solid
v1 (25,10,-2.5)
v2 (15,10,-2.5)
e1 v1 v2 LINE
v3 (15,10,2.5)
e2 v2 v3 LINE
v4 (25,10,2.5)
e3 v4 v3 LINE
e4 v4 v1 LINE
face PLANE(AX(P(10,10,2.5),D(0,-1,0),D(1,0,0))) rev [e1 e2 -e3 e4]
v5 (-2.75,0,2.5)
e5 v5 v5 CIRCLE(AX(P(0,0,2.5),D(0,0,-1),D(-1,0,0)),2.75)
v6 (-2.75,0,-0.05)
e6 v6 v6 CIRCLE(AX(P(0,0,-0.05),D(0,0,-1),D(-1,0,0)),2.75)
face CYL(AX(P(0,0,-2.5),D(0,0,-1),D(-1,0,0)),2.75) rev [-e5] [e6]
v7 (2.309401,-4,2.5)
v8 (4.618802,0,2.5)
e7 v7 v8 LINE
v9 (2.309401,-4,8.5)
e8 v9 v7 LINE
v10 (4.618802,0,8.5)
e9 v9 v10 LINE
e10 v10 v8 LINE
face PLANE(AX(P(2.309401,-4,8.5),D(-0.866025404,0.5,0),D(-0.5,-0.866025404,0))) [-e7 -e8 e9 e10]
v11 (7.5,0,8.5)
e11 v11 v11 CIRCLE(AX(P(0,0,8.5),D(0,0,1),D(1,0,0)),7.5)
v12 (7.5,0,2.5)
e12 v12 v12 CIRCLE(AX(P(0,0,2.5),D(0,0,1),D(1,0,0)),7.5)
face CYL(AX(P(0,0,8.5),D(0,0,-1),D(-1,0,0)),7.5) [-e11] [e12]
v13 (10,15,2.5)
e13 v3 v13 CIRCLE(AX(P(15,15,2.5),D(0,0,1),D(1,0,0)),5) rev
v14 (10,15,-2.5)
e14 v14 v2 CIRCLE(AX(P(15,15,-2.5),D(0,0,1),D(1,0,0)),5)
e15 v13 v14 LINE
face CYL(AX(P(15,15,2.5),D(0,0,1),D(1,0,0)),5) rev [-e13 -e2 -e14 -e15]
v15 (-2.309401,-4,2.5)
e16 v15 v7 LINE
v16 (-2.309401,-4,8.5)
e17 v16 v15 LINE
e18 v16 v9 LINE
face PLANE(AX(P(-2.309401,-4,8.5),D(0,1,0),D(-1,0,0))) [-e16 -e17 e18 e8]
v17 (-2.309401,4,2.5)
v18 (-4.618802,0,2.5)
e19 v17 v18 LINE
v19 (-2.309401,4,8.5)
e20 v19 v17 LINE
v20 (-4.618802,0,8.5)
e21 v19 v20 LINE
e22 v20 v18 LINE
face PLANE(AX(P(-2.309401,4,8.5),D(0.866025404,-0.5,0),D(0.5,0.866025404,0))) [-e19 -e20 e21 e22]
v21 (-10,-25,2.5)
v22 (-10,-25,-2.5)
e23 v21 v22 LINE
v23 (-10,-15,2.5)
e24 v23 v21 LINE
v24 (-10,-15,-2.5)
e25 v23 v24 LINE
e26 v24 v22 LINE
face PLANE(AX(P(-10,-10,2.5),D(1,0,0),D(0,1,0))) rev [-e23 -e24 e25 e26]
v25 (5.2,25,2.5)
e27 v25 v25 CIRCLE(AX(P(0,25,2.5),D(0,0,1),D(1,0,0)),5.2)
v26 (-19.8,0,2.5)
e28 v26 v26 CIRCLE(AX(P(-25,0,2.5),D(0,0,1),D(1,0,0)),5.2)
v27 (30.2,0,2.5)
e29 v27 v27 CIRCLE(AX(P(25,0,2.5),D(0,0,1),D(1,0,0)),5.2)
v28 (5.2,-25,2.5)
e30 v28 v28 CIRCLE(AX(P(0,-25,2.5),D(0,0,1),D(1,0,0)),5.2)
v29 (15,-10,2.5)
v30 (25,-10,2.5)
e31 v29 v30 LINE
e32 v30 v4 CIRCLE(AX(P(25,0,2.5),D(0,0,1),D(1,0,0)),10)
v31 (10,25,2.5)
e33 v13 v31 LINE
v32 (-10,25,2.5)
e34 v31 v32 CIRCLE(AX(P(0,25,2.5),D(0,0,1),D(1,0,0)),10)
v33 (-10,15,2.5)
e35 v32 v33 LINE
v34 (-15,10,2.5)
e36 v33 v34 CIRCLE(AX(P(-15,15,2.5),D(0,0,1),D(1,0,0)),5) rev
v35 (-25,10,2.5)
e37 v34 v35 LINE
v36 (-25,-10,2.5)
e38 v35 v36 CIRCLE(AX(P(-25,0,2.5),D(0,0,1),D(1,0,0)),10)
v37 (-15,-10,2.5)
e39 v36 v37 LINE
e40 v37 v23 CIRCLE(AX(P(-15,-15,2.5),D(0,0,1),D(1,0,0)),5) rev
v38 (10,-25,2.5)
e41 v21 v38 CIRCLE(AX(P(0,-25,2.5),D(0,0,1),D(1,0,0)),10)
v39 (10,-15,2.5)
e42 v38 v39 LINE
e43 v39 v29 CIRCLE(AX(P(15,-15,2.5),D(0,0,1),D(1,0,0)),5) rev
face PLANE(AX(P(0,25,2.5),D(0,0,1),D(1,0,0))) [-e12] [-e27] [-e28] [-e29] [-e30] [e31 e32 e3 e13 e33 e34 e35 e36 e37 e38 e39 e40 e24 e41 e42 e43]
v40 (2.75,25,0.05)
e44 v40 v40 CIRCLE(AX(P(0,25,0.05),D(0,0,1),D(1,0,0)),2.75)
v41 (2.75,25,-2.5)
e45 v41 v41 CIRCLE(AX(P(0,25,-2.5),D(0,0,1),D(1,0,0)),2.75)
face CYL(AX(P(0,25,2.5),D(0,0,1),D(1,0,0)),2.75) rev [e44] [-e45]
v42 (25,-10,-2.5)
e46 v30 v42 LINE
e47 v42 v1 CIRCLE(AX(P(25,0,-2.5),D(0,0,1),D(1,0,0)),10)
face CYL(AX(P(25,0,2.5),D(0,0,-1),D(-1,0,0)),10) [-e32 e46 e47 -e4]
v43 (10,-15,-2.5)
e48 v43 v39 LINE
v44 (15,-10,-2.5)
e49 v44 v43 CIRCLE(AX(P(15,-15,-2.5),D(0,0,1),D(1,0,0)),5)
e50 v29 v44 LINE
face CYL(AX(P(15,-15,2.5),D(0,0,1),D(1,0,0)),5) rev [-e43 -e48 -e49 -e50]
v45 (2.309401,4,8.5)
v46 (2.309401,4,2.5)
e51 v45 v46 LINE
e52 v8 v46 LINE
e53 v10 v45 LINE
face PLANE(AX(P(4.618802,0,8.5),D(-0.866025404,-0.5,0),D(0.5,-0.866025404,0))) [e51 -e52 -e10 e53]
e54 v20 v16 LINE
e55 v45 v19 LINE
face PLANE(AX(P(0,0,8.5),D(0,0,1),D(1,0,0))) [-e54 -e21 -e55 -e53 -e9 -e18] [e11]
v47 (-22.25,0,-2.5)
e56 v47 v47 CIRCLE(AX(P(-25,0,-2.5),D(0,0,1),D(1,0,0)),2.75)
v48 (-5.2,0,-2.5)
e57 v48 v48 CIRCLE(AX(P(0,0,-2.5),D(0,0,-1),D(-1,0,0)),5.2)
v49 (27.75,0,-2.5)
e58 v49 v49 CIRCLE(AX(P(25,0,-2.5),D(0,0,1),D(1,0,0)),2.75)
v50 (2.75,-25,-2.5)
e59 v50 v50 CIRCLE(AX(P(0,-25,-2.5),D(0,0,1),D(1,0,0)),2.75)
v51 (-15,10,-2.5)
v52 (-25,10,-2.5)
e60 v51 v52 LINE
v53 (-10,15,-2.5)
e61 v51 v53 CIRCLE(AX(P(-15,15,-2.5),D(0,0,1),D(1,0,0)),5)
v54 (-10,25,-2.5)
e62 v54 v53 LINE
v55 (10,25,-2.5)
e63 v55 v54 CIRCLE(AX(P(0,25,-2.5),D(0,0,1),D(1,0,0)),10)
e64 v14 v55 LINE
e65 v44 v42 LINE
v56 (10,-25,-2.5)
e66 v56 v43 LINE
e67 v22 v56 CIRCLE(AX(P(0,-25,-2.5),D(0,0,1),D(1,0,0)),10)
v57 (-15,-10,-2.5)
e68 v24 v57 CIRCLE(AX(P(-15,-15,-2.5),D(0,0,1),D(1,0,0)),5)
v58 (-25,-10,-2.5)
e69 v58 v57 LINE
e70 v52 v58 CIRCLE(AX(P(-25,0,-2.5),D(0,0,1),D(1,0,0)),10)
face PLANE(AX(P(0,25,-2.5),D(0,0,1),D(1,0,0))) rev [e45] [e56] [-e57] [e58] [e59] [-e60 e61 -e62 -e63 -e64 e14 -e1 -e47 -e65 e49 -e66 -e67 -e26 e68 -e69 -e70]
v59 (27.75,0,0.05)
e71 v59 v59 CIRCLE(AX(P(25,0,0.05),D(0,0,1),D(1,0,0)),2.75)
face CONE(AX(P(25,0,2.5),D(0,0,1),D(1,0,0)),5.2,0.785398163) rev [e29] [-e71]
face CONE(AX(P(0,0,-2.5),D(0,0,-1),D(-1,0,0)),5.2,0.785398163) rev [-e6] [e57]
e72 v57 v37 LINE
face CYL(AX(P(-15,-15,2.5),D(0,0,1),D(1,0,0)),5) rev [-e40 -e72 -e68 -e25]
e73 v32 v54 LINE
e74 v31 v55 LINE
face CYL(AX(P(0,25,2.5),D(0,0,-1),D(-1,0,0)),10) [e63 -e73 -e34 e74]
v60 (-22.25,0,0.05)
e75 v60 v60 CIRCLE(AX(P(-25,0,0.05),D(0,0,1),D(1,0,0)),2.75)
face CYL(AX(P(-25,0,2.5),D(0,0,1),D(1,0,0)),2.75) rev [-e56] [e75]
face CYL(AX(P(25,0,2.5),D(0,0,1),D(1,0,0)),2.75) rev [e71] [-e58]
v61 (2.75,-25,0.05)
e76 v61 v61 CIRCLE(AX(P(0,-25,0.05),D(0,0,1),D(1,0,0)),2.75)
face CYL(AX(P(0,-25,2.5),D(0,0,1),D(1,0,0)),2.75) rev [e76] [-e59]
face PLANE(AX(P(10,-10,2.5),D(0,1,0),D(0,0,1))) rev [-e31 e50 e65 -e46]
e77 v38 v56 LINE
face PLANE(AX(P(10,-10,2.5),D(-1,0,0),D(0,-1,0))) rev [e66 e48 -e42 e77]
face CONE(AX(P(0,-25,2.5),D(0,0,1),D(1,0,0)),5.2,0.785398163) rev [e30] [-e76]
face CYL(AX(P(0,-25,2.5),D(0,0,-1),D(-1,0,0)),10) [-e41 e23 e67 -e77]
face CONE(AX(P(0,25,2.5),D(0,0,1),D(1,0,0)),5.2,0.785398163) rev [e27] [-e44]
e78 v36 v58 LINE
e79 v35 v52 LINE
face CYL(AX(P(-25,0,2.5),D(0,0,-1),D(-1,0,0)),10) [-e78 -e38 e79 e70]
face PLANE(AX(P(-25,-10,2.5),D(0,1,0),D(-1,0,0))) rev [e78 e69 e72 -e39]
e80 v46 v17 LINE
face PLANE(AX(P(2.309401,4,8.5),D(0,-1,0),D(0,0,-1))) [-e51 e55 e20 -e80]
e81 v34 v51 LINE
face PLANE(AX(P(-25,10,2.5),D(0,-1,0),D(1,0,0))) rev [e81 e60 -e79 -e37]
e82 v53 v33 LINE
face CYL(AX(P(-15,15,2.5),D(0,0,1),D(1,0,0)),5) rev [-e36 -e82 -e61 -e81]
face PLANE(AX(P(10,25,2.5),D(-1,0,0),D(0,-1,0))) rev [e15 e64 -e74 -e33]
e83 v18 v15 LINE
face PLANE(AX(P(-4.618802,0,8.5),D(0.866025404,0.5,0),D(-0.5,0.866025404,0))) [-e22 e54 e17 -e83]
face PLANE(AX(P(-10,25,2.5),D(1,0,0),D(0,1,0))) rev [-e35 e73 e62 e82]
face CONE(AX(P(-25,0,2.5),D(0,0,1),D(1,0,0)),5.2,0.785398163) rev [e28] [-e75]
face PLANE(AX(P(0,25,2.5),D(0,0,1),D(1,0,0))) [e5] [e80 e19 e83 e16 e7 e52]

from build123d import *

# Parameters (mm, degrees)
EXTRUDE_1_DEPTH             = 2.5
HOLE_WIZARD_M5_1_AT_2_COUNT = 2
HOLE_WIZARD_M5_1_AT_2_PITCH = 50
HOLE_WIZARD_M5_1_AT_3_COUNT = 2
HOLE_WIZARD_M5_1_AT_3_PITCH = 35.355339059
HOLE_WIZARD_M5_1_AT_4_COUNT = 2
HOLE_WIZARD_M5_1_AT_4_PITCH = 35.355339059
FILLET_1_R                  = 5
SKETCH_14_R                 = 7.5
EXTRUDE_2_DEPTH             = 6


with BuildPart() as part:
    # 草圖1 → 填料-伸長1 (new, symmetric)
    with BuildSketch(Plane.XY):
        with BuildLine():
            Line((10, 25), (10, 10))
            Line((10, 10), (25, 10))
            ThreePointArc((25, 10), (35, 0), (25, -10))
            Line((25, -10), (10, -10))
            Line((10, -10), (10, -25))
            ThreePointArc((10, -25), (0, -35), (-10, -25))
            Line((-10, -25), (-10, -10))
            Line((-10, -10), (-25, -10))
            ThreePointArc((-25, -10), (-35, 0), (-25, 10))
            Line((-25, 10), (-10, 10))
            Line((-10, 10), (-10, 25))
            ThreePointArc((-10, 25), (0, 35), (10, 25))
        make_face()
    extrude(amount=EXTRUDE_1_DEPTH, both=True)

    # 草圖6 → M5 錐坑平頭螺釘的錐孔1 (revolve, cut)
    with BuildSketch(Plane(origin=(0, 25, 2.5), x_dir=(0, -1, 0), z_dir=(1, 0, 0))):
        Polygon((0, 0), (0, 5), (2.75, 5), (2.75, 2.45), (5.2, 0), align=None)
    hole_wizard_m5_1 = revolve(axis=Axis((0, 25, 8.85), (0, 0, -1)), mode=Mode.SUBTRACT)

    # M5 錐坑平頭螺釘的錐孔1 at 2: M5 錐坑平頭螺釘的錐孔1 ×2
    with Locations(*[(0, -i * HOLE_WIZARD_M5_1_AT_2_PITCH, 0) for i in range(1, HOLE_WIZARD_M5_1_AT_2_COUNT)]):
        add(hole_wizard_m5_1, mode=Mode.SUBTRACT)

    # M5 錐坑平頭螺釘的錐孔1 at 3: M5 錐坑平頭螺釘的錐孔1 ×2
    with Locations(*[Vector(0.7071067811865479, -0.7071067811865472, 0) * (i * HOLE_WIZARD_M5_1_AT_3_PITCH) for i in range(1, HOLE_WIZARD_M5_1_AT_3_COUNT)]):
        add(hole_wizard_m5_1, mode=Mode.SUBTRACT)

    # M5 錐坑平頭螺釘的錐孔1 at 4: M5 錐坑平頭螺釘的錐孔1 ×2
    with Locations(*[Vector(-0.7071067811865476, -0.7071067811865476, 0) * (i * HOLE_WIZARD_M5_1_AT_4_PITCH) for i in range(1, HOLE_WIZARD_M5_1_AT_4_COUNT)]):
        add(hole_wizard_m5_1, mode=Mode.SUBTRACT)

    # 圓角1
    fillet_1_edges = [part.edges().sort_by_distance(p)[0] for p in [
        (10, 10, 0),
        (10, -10, 0),
        (-10, -10, 0),
        (-10, 10, 0),
    ]]
    fillet(fillet_1_edges, radius=FILLET_1_R)

    # 草圖13 → M5 錐坑平頭螺釘的錐孔3 (revolve, cut)
    with BuildSketch(Plane(origin=(0, 0, -2.5), x_dir=(0, 1, 0), z_dir=(1, 0, 0))):
        Polygon((0, 0), (0, 5), (2.75, 5), (2.75, 2.45), (5.2, 0), align=None)
    revolve(axis=Axis((0, 0, -8.85), (0, 0, 1)), mode=Mode.SUBTRACT)

    # 草圖14 → 填料-伸長2 (add)
    with BuildSketch(Plane.XY.offset(2.5)):
        Circle(SKETCH_14_R)
        Polygon((2.309401077, 4), (-2.309401077, 4), (-4.618802154, 0), (-2.309401077, -4), (2.309401077, -4), (4.618802154, 0), align=None, mode=Mode.SUBTRACT)
    extrude(amount=EXTRUDE_2_DEPTH)


solid = part.part
